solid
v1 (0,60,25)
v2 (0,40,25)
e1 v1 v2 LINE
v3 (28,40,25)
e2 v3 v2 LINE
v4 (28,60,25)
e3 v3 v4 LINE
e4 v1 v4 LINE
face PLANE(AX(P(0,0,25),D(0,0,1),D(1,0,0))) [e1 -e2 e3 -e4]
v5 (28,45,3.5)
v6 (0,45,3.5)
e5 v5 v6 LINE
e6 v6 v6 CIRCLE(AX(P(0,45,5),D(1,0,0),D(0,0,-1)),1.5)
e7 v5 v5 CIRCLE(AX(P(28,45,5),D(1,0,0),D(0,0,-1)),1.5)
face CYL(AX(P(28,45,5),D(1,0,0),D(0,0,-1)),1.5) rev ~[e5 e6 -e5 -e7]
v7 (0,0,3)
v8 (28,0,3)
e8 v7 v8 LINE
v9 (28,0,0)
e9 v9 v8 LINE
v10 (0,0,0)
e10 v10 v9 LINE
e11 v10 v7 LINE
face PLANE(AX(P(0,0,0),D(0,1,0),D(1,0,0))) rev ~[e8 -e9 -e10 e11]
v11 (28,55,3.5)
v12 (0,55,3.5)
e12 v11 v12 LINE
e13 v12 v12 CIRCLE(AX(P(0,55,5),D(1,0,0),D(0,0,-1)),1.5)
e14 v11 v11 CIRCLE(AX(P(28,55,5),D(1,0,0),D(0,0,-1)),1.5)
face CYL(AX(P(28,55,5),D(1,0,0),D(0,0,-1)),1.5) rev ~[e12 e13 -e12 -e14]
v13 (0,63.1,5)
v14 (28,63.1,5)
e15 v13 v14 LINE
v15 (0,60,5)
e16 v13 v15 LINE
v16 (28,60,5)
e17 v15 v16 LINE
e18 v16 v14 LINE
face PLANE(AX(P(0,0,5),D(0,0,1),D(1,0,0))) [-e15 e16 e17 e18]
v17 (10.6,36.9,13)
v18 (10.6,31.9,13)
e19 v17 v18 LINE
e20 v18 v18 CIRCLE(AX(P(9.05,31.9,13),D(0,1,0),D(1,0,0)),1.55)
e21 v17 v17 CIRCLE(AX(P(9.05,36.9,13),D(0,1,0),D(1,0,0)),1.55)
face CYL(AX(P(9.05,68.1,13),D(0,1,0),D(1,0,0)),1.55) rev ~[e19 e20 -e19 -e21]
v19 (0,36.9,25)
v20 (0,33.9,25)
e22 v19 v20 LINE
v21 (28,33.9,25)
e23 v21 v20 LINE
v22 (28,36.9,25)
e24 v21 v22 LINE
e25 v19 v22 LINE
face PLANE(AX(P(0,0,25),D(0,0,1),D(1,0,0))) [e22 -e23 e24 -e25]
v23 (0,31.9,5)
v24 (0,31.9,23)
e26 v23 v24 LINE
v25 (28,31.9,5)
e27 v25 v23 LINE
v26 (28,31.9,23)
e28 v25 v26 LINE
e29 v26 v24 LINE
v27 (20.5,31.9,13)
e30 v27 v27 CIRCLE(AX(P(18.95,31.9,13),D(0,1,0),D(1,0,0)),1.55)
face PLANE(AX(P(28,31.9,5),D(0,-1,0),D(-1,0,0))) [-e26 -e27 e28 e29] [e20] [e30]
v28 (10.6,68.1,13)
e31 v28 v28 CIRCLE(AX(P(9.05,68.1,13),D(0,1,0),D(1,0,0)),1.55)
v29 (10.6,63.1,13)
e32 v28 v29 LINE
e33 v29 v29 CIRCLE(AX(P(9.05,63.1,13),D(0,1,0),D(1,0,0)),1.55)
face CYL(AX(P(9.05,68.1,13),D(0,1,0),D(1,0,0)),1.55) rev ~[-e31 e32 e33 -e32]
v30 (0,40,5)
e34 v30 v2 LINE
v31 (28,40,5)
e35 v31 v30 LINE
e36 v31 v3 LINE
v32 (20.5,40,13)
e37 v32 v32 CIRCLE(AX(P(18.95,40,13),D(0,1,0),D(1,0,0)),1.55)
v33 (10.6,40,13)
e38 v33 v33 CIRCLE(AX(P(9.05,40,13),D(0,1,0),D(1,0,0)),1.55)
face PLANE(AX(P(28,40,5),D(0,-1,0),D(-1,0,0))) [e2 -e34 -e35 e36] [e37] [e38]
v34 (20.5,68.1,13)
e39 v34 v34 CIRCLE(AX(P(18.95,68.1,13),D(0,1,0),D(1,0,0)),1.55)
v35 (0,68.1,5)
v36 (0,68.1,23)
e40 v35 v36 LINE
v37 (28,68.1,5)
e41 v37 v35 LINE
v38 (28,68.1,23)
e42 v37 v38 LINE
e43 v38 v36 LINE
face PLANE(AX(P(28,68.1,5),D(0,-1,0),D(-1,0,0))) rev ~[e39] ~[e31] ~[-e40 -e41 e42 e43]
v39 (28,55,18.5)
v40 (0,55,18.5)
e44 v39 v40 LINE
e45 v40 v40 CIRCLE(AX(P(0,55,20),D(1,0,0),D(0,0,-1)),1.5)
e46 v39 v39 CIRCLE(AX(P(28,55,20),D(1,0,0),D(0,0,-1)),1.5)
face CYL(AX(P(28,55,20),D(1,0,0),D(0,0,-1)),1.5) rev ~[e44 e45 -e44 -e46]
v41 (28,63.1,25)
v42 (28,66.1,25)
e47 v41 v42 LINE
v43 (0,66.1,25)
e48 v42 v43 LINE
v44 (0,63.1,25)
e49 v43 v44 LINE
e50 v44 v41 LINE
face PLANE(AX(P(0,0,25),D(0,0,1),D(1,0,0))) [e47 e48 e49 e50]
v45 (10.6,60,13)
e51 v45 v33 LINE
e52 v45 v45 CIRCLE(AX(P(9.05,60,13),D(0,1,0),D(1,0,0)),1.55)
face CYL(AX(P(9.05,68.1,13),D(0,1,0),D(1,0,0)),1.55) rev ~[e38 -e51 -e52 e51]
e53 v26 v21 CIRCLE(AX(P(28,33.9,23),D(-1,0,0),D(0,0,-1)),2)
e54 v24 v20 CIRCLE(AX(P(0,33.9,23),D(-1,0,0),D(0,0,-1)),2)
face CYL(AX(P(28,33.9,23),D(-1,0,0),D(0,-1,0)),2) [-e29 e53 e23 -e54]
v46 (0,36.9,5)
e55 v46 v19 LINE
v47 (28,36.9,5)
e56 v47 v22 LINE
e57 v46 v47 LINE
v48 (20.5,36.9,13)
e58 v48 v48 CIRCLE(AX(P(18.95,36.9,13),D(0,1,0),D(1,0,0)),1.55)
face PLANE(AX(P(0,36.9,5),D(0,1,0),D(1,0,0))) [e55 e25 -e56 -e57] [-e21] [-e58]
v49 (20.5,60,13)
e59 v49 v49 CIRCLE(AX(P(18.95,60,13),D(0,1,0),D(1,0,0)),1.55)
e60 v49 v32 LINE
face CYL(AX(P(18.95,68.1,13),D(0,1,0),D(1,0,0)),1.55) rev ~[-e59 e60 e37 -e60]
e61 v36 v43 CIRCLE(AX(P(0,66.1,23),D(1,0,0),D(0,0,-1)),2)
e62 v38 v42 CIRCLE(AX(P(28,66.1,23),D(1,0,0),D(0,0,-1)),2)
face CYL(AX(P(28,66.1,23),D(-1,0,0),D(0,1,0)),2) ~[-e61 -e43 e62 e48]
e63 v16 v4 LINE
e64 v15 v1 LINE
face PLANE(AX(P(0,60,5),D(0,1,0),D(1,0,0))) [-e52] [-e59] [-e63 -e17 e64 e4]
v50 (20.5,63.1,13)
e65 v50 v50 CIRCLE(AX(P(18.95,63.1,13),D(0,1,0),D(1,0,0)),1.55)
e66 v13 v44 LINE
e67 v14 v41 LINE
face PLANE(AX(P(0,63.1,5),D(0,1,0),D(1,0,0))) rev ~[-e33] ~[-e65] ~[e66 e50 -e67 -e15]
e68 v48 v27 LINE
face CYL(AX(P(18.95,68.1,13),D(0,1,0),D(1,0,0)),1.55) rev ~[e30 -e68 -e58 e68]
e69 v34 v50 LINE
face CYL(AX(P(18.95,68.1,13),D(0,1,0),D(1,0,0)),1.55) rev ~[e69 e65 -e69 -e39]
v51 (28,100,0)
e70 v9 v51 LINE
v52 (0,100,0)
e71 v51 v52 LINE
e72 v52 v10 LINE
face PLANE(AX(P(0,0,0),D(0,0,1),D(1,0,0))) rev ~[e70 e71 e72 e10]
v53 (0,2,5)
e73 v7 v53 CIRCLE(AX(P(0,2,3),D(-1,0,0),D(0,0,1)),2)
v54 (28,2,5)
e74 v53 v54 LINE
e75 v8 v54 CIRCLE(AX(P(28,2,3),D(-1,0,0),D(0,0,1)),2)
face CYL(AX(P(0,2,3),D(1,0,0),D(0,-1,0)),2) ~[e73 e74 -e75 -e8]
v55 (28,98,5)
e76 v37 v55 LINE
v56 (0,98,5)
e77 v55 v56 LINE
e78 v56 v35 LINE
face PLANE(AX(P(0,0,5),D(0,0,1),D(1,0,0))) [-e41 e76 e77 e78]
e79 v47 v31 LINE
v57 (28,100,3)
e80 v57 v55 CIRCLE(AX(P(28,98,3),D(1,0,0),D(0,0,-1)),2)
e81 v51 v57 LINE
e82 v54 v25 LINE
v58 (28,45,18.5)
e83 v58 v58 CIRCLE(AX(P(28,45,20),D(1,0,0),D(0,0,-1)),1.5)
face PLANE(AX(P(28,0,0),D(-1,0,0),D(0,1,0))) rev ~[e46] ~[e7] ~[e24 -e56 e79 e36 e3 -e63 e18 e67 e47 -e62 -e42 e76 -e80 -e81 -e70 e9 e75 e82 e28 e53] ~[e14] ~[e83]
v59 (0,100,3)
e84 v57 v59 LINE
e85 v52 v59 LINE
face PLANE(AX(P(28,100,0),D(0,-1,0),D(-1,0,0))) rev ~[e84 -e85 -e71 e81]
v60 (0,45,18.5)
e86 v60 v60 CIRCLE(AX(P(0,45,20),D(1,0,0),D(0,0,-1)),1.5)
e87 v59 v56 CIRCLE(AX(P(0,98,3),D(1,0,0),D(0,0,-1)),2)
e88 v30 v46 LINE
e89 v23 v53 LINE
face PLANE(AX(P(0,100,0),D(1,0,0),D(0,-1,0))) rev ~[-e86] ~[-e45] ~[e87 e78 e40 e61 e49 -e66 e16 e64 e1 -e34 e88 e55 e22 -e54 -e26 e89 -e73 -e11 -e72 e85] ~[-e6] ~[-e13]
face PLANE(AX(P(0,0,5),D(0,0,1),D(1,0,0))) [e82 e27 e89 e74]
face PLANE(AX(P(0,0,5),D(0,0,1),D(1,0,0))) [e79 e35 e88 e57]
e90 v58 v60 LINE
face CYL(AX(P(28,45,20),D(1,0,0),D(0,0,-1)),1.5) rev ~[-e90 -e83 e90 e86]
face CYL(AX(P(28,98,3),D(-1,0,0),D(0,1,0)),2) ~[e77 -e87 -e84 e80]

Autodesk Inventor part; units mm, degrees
ref_plane "YZ Plane" through (0, 0, 0) normal (1, 0, 0) x (0, 1, 0)
ref_plane "XZ Plane" through (0, 0, 0) normal (0, 1, 0) x (-1, 0, 0)
ref_plane "XY Plane" through (0, 0, 0) normal (0, 0, 1) x (1, 0, 0)
sketch "Sketch1" plane through (0, 0, 0) normal (0, 0, 1) x (1, 0, 0)
  line L0 (0, 0) -> (28, 0)
  line L1 (28, 0) -> (28, 100)
  line L2 (28, 100) -> (0, 100)
  line L3 (0, 100) -> (0, 0)
  dimension "d0" = 28
  dimension "d1" = 100
extrude "Extrusion1" add sketch "Sketch1" along normal blind 5
sketch "Sketch3" plane through (0, 0, 5) normal (0, 0, 1) x (1, 0, 0)
  line L0 (28, 0) -> (28, 100) projected
  line L1 (28, 100) -> (0, 100) projected
  line L2 (0, 100) -> (0, 0) projected
  line L3 (0, 0) -> (28, 0) projected
  line L4 (0, 50) -> (28, 50) construction
  line L5 (28, 0) -> (28, 100) construction
  line L6 (0, 100) -> (0, 0) projected
  line L7 (0, 60) -> (28, 60)
  line L8 (28, 60) -> (28, 40)
  line L9 (28, 40) -> (0, 40)
  line L10 (0, 40) -> (0, 60)
  line L11 (0, 63.1) -> (28, 63.1)
  line L12 (28, 63.1) -> (28, 68.1)
  line L13 (28, 68.1) -> (0, 68.1)
  line L14 (0, 68.1) -> (0, 63.1)
  line L15 (0, 36.9) -> (28, 36.9)
  line L16 (28, 36.9) -> (28, 31.9)
  line L17 (28, 31.9) -> (0, 31.9)
  line L18 (0, 31.9) -> (0, 36.9)
  point P0 (0, 31.9)
  point P1 (28, 36.9)
  point P2 (0, 40)
  point P3 (0, 68.1)
  point P4 (28, 63.1)
  dimension "d6" = 50
  dimension "d7" = 100
  dimension "d8" = 10
  dimension "d9" = 10
  dimension "d10" = 5
  dimension "d11" = 3.1
  dimension "d12" = 3.1
  dimension "d13" = 5
extrude "Extrusion2" add sketch "Sketch3" along normal blind 20 contours L17 L2 L15 L0 | L9 L2 L7 L0 | L11 L2 L13 L0
sketch "Sketch4" plane through (0, 68.1, 5) normal (0, 1, 0) x (1, 0, 0)
  line L0 (0, 0) -> (28, 0) projected
  line L1 (0, 0) -> (0, -20) projected
  line L2 (28, -20) -> (0, -20) projected
  line L3 (28, 0) -> (28, -20) projected
  circle A0 centre (9.05, -8) radius 1.55
  circle A1 centre (18.95, -8) radius 1.55
  line L4 (0, -20) -> (28, -20) construction
  line L5 (14, -20) -> (14, 0) construction
  point P0 (0, 5)
  dimension "d16" = 3.1
  dimension "d17" = 3.1
  dimension "d18" = 4.95
  dimension "d19" = 4.95
  dimension "d20" = 8
  dimension "d21" = 8
extrude "Extrusion3" cut sketch "Sketch4" against normal blind 100 contours A0 | A1
ref_plane "Work Plane1" through (14, 0, 0) normal (1, 0, 0) x (0, 0, -1)
sketch "Sketch13" plane through (28, 0, 0) normal (1, 0, 0) x (0, 0, -1)
  circle A0 centre (-5, 55) radius 1.5
  circle A1 centre (-5, 45) radius 1.5
  circle A2 centre (-20, 55) radius 1.5
  circle A3 centre (-20, 45) radius 1.5
  line L0 (-5, 60) -> (-25, 60) projected
  line L1 (-5, 40) -> (-25, 40) projected
  line L2 (-25, 40) -> (-25, 60) projected
  line L3 (0, 0) -> (0, 100) projected
  dimension "d57" = 3
  dimension "d58" = 3
  dimension "d59" = 3
  dimension "d60" = 3
  dimension "d61" = 5
  dimension "d62" = 5
  dimension "d63" = 5
  dimension "d64" = 5
  dimension "d65" = 5
  dimension "d67" = 5
  dimension "d69" = 5
  dimension "d70" = 5
extrude "Extrusion11" cut sketch "Sketch13" against normal blind 180
fillet "Fillet1" radius 2 4 edges at (14, 100, 5) (14, 0, 5) (14, 68.1, 25) (14, 31.9, 25)
ref_plane "Work Plane3" through (0, 50, 5) normal (0, 1, 0) x (1, 0, 0)
equation "\"d6\" = 0.5 * d7"
equation "\"d62\" = d61"
equation "\"d63\" = d61"
equation "\"d64\" = d61"
equation "\"d67\" = d65"
equation "\"d69\" = d65"
equation "\"d70\" = d65"
properties part number "Foam_wing_mount"
